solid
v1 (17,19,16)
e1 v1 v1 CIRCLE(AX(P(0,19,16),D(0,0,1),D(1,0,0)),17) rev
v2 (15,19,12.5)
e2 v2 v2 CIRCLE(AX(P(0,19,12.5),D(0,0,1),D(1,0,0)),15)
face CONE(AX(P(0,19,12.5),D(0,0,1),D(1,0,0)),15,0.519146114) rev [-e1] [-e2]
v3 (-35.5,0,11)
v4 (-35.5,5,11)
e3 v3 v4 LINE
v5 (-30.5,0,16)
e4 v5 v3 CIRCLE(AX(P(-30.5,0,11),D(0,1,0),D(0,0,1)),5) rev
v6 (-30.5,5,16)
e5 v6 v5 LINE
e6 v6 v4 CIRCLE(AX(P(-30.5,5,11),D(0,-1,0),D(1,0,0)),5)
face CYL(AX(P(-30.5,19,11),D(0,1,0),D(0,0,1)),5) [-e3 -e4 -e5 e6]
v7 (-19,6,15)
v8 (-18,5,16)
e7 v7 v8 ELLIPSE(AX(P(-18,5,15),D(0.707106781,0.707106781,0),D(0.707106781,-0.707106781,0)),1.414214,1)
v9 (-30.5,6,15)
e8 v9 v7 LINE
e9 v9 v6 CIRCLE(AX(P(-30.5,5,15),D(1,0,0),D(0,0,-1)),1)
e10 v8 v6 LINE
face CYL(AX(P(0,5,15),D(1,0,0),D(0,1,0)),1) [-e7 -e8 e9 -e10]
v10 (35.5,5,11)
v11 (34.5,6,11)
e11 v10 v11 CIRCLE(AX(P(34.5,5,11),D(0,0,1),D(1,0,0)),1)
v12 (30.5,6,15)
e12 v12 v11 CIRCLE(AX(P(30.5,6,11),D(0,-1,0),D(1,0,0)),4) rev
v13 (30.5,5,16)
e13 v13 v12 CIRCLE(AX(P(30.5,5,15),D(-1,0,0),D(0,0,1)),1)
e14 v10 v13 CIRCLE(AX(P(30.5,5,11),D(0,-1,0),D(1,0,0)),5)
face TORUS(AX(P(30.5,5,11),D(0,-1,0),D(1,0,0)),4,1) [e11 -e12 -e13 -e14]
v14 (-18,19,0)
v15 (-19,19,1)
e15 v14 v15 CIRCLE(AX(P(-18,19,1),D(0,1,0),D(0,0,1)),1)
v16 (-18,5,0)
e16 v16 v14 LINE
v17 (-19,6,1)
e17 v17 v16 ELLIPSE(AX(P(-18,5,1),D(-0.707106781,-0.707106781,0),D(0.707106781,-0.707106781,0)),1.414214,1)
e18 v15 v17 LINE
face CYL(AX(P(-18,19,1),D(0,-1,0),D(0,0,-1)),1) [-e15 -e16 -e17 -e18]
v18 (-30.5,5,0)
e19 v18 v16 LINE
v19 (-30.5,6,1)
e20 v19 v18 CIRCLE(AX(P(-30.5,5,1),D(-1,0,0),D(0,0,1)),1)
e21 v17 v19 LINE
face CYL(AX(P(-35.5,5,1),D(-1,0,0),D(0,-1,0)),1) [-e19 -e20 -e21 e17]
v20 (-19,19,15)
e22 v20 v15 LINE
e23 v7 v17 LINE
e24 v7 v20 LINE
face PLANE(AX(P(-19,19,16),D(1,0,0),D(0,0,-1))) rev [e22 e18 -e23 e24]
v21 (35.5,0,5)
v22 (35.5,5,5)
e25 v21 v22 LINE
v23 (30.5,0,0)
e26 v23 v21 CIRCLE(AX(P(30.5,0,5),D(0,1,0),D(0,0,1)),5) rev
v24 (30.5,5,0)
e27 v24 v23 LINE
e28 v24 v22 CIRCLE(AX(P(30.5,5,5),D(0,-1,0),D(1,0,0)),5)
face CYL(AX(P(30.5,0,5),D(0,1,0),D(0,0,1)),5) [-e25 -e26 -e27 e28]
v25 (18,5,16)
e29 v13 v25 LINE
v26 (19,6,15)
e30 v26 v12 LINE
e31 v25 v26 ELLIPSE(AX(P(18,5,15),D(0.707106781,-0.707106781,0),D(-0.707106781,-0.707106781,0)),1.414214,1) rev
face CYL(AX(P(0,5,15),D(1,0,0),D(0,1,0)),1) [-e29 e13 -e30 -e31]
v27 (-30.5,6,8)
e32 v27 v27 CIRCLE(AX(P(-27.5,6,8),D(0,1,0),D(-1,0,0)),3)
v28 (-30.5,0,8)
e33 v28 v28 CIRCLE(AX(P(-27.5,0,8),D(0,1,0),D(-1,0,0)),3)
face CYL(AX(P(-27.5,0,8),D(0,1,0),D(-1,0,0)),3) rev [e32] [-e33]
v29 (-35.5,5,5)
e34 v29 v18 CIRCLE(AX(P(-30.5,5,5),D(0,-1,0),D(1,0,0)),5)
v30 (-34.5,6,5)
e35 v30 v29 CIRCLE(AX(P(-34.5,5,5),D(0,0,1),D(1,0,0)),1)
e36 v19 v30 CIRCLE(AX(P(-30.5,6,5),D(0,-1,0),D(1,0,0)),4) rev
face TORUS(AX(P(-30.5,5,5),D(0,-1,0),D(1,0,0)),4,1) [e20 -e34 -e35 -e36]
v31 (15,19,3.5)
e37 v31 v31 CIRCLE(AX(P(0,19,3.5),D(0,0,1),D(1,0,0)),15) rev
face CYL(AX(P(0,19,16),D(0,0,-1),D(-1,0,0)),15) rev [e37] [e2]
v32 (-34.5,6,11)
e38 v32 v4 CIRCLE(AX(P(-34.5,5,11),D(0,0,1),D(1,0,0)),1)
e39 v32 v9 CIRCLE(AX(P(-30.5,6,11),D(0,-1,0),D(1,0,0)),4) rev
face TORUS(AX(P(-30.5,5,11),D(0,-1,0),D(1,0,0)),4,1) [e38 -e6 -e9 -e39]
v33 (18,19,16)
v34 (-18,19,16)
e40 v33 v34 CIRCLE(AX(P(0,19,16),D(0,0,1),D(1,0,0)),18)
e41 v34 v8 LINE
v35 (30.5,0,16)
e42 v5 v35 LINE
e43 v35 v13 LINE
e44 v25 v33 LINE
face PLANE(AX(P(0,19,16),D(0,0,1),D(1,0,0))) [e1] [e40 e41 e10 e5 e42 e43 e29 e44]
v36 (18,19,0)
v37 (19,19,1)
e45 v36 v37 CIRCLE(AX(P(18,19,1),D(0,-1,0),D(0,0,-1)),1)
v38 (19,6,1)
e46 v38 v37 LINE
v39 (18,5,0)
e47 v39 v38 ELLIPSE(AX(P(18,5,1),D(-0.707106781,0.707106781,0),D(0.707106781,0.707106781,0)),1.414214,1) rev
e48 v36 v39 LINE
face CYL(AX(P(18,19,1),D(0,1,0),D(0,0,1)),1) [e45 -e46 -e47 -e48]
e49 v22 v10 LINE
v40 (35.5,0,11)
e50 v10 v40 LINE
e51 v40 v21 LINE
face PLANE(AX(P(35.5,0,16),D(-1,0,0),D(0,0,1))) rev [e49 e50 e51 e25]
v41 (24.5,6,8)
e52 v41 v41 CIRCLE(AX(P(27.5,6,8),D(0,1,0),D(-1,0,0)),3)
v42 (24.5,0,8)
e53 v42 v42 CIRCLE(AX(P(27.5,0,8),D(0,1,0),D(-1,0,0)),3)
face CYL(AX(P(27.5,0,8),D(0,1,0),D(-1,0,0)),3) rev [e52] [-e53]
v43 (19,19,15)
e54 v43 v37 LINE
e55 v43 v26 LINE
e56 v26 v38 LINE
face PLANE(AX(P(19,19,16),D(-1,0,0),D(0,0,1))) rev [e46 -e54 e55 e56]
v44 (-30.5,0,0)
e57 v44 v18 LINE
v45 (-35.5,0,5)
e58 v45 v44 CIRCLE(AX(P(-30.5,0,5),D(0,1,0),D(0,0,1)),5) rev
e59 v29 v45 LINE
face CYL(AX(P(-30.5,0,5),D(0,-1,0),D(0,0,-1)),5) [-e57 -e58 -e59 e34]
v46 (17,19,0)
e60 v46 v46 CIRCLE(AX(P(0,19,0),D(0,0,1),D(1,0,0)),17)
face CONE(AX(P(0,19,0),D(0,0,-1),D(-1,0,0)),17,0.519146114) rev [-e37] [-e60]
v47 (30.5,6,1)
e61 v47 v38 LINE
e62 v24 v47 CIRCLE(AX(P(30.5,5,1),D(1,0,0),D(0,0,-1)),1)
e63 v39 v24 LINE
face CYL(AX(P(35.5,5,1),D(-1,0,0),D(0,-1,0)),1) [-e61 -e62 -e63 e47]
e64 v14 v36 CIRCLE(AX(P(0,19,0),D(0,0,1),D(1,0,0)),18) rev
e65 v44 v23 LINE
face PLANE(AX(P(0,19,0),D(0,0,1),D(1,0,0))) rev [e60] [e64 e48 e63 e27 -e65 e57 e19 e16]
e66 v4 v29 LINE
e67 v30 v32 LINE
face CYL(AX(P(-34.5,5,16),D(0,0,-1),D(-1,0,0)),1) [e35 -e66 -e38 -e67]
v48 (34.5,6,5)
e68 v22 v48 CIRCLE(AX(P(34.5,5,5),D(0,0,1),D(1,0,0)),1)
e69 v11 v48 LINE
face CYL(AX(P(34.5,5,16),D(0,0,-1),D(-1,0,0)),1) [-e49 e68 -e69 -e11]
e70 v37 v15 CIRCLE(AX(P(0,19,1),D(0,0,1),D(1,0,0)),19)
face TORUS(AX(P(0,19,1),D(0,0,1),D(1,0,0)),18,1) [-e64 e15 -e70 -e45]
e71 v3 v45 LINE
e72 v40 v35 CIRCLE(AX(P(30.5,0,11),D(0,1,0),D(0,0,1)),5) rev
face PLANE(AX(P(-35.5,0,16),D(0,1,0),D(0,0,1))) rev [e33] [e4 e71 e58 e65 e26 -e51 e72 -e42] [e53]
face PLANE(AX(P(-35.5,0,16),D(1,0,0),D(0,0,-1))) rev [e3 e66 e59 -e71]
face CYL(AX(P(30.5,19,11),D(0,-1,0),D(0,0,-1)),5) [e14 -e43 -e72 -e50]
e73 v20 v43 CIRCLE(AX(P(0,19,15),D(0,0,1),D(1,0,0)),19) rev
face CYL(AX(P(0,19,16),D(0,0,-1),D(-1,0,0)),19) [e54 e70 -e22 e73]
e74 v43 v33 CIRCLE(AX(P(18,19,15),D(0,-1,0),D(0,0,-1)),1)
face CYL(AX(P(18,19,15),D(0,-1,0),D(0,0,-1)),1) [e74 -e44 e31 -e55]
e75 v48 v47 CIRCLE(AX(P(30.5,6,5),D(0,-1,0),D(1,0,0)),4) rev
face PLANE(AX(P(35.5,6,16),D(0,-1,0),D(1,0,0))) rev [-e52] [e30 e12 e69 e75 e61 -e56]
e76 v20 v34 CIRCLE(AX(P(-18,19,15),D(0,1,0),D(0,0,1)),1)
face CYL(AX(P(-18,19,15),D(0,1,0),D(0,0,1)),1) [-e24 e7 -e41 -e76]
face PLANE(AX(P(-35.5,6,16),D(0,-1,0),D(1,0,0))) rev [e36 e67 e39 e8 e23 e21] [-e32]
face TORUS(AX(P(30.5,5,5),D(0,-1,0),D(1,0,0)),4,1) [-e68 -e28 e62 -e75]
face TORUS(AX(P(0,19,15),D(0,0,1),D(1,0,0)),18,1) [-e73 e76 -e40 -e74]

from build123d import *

# Parameters (mm, degrees)
SKETCH1_R               = 15
BOSS_EXTRUDE1_DEPTH     = 16
FILLET1_R               = 5
SKETCH2_R               = 3
CUT_EXTRUDE1_DEPTH      = 33
CUT_EXTRUDE1_DEPTH_BACK = 7
CHAMFER1_SIZE           = 2
CHAMFER1_SIZE2          = 3.5
CHAMFER2_SIZE           = 3.5
CHAMFER2_SIZE2          = 2
FILLET2_R               = 1


with BuildPart() as part:
    # Sketch1 → Boss-Extrude1 (new body)
    with BuildSketch(Plane.XY):
        with BuildLine():
            Line((-35.5, 0), (35.5, 0))
            Line((35.5, 0), (35.5, 6))
            Line((35.5, 6), (19, 6))
            Line((19, 6), (19, 19))
            ThreePointArc((19, 19), (0, 38), (-19, 19))
            Line((-19, 19), (-19, 6))
            Line((-19, 6), (-35.5, 6))
            Line((-35.5, 6), (-35.5, 0))
        make_face()
        with Locations((0, 19)):
            Circle(SKETCH1_R, mode=Mode.SUBTRACT)
    extrude(amount=BOSS_EXTRUDE1_DEPTH)

    # Fillet1
    fillet1_edges = [part.edges().sort_by_distance(p)[0] for p in [
        (35.5, 3, 0),
        (-35.5, 3, 16),
        (35.5, 3, 16),
        (-35.5, 3, 0),
    ]]
    fillet(fillet1_edges, radius=FILLET1_R)

    # Sketch2 → Cut-Extrude1 (cut, two sides)
    with BuildSketch(Plane(origin=(0, 6, 0), x_dir=(1, 0, 0), z_dir=(0, 1, 0))) as cut_extrude1_sk:
        with Locations((-27.5, -8)):
            Circle(SKETCH2_R)
        with Locations((27.5, -8)):
            Circle(SKETCH2_R)
    extrude(amount=CUT_EXTRUDE1_DEPTH, mode=Mode.SUBTRACT)
    extrude(cut_extrude1_sk.sketch, amount=-CUT_EXTRUDE1_DEPTH_BACK, mode=Mode.SUBTRACT)

    # Chamfer1
    chamfer1_edges = [part.edges().sort_by_distance(p)[0] for p in [
        (-15, 19, 16),
    ]]
    chamfer1_side = [part.faces().sort_by_distance(p)[0] for p in [
        (0, 0.718679344, 16),
    ]]
    chamfer(chamfer1_edges, length=CHAMFER1_SIZE, length2=CHAMFER1_SIZE2, reference=chamfer1_side[0])

    # Chamfer2
    chamfer2_edges = [part.edges().sort_by_distance(p)[0] for p in [
        (-15, 19, 0),
    ]]
    chamfer2_side = [part.faces().sort_by_distance(p)[0] for p in [
        (-15, 19, 6.25),
    ]]
    chamfer(chamfer2_edges, length=CHAMFER2_SIZE, length2=CHAMFER2_SIZE2, reference=chamfer2_side[0])

    # Fillet2
    fillet2_edges = [part.edges().sort_by_distance(p)[0] for p in [
        (0, 38, 0),
        (19, 12.5, 0),
        (19, 12.5, 16),
        (0, 38, 16),
        (-19, 12.5, 16),
        (-24.75, 6, 16),
        (-35.5, 6, 8),
        (24.75, 6, 0),
        (-34.035533906, 6, 14.535533906),
        (-34.035533906, 6, 1.464466094),
        (24.75, 6, 16),
        (35.5, 6, 8),
        (34.035533906, 6, 14.535533906),
        (34.035533906, 6, 1.464466094),
        (-24.75, 6, 0),
        (-19, 12.5, 0),
    ]]
    fillet(fillet2_edges, radius=FILLET2_R)


solid = part.part
